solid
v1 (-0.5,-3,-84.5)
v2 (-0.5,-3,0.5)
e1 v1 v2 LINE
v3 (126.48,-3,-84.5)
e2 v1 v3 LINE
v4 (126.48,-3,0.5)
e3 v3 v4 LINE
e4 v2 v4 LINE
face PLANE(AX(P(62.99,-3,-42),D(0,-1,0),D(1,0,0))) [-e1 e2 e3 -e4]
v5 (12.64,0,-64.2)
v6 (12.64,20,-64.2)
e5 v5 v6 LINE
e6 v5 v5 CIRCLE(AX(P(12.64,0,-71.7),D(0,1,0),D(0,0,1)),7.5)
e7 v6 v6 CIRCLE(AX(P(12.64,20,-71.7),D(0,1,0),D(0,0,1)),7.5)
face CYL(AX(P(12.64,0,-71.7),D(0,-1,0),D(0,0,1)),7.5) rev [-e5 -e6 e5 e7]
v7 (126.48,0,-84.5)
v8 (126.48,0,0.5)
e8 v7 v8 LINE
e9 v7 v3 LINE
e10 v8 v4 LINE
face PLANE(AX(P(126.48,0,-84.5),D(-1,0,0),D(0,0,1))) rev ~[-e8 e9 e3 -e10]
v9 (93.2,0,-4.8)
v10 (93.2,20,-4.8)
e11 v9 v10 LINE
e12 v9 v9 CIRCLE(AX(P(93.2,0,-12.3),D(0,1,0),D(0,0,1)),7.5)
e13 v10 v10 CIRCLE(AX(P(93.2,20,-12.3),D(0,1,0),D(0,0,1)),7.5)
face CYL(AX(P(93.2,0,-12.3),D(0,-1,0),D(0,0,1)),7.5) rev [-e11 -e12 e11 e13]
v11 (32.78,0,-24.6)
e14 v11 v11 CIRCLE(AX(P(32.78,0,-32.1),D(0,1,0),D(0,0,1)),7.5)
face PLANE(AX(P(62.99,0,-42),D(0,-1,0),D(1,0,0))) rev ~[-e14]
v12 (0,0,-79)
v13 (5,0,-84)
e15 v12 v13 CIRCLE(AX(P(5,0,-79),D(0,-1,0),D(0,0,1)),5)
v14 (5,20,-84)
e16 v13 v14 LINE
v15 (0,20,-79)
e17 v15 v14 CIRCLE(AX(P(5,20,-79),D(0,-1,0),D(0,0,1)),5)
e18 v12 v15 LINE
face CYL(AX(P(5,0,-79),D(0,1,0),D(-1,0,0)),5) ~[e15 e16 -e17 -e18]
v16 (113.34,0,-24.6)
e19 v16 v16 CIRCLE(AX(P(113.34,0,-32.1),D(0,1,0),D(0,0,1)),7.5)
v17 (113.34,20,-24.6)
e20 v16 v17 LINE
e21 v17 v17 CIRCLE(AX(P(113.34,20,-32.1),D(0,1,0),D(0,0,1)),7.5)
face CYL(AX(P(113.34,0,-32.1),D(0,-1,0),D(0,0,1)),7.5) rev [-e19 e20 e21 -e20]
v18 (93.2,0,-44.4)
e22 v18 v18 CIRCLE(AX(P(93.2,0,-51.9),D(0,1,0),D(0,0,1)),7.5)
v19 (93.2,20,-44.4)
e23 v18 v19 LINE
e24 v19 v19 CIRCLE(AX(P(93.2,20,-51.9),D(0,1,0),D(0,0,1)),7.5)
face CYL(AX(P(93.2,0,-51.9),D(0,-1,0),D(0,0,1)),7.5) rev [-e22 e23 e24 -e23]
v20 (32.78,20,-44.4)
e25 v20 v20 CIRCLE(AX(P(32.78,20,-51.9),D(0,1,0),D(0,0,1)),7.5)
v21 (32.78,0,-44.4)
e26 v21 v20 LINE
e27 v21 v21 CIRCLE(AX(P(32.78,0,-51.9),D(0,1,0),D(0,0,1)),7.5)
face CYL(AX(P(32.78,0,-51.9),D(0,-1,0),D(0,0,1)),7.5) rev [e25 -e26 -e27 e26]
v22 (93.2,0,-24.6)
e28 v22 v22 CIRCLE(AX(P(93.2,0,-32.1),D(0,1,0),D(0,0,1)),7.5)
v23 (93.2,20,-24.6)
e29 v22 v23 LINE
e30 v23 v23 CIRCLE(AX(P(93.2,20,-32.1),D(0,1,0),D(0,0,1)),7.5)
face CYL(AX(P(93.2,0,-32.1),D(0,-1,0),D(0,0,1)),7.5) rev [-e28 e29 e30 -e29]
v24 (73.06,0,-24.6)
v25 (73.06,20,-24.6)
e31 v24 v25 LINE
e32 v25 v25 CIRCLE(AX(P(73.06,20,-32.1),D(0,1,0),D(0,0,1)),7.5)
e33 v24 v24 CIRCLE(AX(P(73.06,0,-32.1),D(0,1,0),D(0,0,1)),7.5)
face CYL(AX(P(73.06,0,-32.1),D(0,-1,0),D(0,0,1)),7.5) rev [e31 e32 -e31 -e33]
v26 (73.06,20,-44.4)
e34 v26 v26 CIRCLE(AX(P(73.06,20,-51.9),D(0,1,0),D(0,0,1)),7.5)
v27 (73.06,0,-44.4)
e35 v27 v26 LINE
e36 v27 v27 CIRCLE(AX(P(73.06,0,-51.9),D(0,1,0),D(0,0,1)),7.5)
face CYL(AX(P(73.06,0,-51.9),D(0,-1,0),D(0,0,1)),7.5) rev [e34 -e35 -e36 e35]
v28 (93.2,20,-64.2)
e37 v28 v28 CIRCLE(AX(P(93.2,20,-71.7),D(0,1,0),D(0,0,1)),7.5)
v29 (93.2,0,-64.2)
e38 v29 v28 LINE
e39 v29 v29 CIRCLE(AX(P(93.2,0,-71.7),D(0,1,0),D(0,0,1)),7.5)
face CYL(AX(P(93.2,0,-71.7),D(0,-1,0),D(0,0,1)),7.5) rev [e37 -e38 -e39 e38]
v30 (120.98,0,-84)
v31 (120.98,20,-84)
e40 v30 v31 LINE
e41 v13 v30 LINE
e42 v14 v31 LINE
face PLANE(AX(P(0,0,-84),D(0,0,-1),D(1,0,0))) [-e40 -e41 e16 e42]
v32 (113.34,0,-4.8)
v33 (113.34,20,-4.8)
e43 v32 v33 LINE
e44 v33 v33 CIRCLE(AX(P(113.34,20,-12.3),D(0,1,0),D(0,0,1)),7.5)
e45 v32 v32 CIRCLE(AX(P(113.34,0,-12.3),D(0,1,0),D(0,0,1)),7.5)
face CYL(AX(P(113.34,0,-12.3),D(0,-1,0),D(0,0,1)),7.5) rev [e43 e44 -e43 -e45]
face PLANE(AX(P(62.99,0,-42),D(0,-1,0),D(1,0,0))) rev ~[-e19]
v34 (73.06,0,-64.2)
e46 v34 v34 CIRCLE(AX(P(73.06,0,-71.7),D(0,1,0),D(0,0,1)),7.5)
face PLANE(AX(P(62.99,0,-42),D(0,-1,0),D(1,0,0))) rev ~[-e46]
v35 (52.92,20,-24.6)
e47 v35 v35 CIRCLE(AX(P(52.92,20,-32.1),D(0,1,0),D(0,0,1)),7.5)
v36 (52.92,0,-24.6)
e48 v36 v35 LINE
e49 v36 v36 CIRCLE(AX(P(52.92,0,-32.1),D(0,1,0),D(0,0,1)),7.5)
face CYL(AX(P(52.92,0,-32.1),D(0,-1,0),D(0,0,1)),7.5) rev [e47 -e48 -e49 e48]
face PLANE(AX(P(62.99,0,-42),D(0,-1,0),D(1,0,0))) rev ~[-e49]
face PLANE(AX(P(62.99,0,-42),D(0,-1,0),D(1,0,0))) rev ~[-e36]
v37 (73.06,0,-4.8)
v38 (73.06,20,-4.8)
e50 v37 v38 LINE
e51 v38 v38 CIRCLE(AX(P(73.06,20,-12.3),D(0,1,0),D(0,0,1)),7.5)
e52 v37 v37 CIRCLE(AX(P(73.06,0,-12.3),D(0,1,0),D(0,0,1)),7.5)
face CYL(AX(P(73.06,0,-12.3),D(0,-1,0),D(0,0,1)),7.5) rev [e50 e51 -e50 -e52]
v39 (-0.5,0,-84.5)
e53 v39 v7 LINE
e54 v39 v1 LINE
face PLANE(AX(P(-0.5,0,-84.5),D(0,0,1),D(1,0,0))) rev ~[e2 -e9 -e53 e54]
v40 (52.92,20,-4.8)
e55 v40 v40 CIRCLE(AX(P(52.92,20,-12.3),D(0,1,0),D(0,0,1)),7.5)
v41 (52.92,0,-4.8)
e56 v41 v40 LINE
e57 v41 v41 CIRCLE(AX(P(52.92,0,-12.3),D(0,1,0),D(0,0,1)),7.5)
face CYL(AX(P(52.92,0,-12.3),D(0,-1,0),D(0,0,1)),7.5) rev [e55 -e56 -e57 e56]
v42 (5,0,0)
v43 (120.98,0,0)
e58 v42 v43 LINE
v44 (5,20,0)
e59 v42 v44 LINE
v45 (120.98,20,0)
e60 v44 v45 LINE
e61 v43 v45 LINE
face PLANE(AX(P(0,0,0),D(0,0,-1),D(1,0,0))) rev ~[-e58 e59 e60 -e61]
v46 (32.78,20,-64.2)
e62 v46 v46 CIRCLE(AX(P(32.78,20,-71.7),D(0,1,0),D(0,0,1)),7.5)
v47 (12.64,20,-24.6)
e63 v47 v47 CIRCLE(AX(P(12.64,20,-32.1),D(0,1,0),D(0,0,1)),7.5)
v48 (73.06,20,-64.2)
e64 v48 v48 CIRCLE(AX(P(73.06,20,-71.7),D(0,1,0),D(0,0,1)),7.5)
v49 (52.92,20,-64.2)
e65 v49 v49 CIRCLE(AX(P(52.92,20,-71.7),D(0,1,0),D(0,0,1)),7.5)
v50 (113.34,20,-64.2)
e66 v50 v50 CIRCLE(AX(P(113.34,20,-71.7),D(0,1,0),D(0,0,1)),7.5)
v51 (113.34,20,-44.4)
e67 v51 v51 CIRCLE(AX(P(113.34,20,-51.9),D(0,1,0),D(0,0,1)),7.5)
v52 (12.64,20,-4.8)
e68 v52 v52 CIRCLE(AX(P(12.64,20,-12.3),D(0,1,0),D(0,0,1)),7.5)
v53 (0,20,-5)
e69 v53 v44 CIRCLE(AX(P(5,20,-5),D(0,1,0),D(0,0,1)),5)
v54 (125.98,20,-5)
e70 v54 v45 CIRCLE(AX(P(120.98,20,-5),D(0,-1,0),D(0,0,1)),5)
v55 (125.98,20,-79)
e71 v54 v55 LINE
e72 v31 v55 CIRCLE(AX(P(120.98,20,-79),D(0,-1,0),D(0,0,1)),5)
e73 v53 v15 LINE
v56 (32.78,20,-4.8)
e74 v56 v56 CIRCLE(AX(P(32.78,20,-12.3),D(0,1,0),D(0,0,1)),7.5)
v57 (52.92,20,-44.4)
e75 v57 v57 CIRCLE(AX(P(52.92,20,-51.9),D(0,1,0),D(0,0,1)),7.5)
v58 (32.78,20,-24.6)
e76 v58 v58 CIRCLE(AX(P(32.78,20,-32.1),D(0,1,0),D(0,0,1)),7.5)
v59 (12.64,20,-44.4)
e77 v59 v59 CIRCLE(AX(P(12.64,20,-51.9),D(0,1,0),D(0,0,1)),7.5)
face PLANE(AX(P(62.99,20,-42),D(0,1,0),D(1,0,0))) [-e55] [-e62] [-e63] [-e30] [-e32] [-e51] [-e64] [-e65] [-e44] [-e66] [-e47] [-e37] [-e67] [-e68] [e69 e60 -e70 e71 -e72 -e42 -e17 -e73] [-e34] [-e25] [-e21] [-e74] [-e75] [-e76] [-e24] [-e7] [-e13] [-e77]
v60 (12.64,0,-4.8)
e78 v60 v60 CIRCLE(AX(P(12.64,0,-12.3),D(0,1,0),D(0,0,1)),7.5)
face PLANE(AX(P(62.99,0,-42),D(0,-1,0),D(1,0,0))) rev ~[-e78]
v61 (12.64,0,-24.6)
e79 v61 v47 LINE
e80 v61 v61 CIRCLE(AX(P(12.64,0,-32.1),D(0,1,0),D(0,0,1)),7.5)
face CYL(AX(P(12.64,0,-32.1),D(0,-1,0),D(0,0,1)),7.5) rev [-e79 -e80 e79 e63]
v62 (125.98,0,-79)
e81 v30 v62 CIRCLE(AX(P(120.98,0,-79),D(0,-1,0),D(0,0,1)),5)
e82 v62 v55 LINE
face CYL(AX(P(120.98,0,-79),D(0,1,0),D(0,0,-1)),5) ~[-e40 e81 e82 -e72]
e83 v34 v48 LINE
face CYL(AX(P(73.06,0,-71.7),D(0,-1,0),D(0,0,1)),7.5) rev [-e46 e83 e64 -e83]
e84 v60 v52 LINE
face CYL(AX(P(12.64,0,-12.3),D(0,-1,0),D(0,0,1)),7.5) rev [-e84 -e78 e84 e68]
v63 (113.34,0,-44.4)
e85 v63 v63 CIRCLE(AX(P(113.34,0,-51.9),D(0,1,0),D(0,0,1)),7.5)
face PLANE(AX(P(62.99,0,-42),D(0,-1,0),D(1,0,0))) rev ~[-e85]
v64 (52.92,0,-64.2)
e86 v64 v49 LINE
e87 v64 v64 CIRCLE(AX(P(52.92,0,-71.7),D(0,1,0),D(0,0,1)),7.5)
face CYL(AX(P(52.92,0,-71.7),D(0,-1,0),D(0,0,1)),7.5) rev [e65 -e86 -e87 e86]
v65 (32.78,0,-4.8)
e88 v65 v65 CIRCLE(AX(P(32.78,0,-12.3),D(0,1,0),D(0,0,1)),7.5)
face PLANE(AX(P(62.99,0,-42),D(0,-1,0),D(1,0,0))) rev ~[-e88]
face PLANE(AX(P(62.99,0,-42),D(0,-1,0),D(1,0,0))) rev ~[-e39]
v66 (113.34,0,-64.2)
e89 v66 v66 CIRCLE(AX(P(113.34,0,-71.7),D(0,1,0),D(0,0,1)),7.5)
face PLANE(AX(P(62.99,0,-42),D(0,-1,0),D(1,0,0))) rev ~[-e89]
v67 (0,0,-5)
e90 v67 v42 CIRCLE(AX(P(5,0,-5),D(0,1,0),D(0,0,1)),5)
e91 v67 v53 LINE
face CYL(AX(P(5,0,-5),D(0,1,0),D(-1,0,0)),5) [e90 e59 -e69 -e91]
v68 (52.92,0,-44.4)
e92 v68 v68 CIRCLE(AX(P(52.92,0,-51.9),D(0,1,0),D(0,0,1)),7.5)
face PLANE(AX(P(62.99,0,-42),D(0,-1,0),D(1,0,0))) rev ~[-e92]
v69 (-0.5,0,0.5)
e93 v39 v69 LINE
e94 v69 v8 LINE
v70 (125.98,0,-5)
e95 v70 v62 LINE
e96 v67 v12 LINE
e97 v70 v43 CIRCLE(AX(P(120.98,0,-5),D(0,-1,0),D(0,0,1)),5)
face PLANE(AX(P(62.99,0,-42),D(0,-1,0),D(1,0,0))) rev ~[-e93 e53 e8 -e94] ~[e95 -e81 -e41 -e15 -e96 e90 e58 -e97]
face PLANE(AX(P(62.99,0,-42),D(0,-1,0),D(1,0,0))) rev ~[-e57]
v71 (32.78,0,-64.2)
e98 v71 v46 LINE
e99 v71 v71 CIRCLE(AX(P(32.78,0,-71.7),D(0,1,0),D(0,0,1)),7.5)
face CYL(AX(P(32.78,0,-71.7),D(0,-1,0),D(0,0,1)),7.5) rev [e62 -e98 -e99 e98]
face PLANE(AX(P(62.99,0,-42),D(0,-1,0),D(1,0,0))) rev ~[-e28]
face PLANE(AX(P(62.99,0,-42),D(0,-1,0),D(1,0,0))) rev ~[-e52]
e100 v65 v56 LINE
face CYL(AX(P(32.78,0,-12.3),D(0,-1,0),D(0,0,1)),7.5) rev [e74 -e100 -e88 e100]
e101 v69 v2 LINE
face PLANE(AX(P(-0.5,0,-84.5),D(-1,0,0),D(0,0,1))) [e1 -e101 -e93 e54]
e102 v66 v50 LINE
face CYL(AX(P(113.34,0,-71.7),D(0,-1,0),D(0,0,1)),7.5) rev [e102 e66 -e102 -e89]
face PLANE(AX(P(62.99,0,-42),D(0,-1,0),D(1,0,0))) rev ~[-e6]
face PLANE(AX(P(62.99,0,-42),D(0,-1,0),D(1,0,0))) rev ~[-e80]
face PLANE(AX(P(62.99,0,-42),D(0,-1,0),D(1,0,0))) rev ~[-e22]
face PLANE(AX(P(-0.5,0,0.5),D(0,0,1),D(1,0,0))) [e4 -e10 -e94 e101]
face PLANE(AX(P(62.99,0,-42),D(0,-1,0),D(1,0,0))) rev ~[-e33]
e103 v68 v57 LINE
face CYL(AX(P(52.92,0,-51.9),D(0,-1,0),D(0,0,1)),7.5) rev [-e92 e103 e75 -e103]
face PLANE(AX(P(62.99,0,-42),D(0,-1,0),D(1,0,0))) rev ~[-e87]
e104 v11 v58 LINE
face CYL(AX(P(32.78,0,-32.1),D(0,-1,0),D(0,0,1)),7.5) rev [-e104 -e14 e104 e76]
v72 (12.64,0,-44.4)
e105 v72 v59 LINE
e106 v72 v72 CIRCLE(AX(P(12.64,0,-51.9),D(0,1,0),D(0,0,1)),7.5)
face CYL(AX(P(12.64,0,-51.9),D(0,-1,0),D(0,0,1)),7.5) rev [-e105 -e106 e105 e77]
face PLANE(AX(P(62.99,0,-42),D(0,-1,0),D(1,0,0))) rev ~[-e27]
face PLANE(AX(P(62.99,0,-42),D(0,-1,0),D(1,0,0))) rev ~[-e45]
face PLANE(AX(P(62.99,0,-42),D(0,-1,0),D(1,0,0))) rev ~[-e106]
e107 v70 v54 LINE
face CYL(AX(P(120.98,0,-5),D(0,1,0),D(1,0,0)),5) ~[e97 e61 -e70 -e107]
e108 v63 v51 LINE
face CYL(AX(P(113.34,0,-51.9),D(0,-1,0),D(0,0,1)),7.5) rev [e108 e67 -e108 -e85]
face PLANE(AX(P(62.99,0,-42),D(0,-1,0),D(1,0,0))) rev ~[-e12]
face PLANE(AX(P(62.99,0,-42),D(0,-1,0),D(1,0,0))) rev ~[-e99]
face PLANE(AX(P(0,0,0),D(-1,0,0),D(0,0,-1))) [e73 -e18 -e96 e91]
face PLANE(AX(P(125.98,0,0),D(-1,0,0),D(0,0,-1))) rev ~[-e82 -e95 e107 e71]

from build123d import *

# Parameters (mm, degrees)
SKETCH1_W           = 125.98
SKETCH1_H           = 84
SKETCH1_R           = 7.5
BOSS_EXTRUDE1_DEPTH = 20
SKETCH2_W           = 126.98
SKETCH2_H           = 85
BOSS_EXTRUDE3_DEPTH = 3
FILLET2_R           = 5


with BuildPart() as part:
    # Sketch1 → Boss-Extrude1 (new body)
    with BuildSketch(Plane(origin=(0, 0, 0), x_dir=(1, 0, 0), z_dir=(0, 1, 0))):
        with Locations((62.99, 42)):
            Rectangle(SKETCH1_W, SKETCH1_H)
        with Locations(Location((12.64, 12.3, 0), (0, 0, 270))):
            Circle(SKETCH1_R, mode=Mode.SUBTRACT)
        with Locations(Location((32.78, 12.3, 0), (0, 0, 270))):
            Circle(SKETCH1_R, mode=Mode.SUBTRACT)
        with Locations(Location((52.92, 12.3, 0), (0, 0, 270))):
            Circle(SKETCH1_R, mode=Mode.SUBTRACT)
        with Locations(Location((73.06, 12.3, 0), (0, 0, 270))):
            Circle(SKETCH1_R, mode=Mode.SUBTRACT)
        with Locations(Location((93.2, 12.3, 0), (0, 0, 270))):
            Circle(SKETCH1_R, mode=Mode.SUBTRACT)
        with Locations(Location((113.34, 12.3, 0), (0, 0, 270))):
            Circle(SKETCH1_R, mode=Mode.SUBTRACT)
        with Locations(Location((32.78, 32.1, 0), (0, 0, 270))):
            Circle(SKETCH1_R, mode=Mode.SUBTRACT)
        with Locations(Location((52.92, 32.1, 0), (0, 0, 270))):
            Circle(SKETCH1_R, mode=Mode.SUBTRACT)
        with Locations(Location((73.06, 32.1, 0), (0, 0, 270))):
            Circle(SKETCH1_R, mode=Mode.SUBTRACT)
        with Locations(Location((93.2, 32.1, 0), (0, 0, 270))):
            Circle(SKETCH1_R, mode=Mode.SUBTRACT)
        with Locations(Location((113.34, 32.1, 0), (0, 0, 270))):
            Circle(SKETCH1_R, mode=Mode.SUBTRACT)
        with Locations(Location((32.78, 51.9, 0), (0, 0, 270))):
            Circle(SKETCH1_R, mode=Mode.SUBTRACT)
        with Locations(Location((52.92, 51.9, 0), (0, 0, 270))):
            Circle(SKETCH1_R, mode=Mode.SUBTRACT)
        with Locations(Location((73.06, 51.9, 0), (0, 0, 270))):
            Circle(SKETCH1_R, mode=Mode.SUBTRACT)
        with Locations(Location((93.2, 51.9, 0), (0, 0, 270))):
            Circle(SKETCH1_R, mode=Mode.SUBTRACT)
        with Locations(Location((113.34, 51.9, 0), (0, 0, 270))):
            Circle(SKETCH1_R, mode=Mode.SUBTRACT)
        with Locations(Location((32.78, 71.7, 0), (0, 0, 270))):
            Circle(SKETCH1_R, mode=Mode.SUBTRACT)
        with Locations(Location((52.92, 71.7, 0), (0, 0, 270))):
            Circle(SKETCH1_R, mode=Mode.SUBTRACT)
        with Locations(Location((73.06, 71.7, 0), (0, 0, 270))):
            Circle(SKETCH1_R, mode=Mode.SUBTRACT)
        with Locations(Location((93.2, 71.7, 0), (0, 0, 270))):
            Circle(SKETCH1_R, mode=Mode.SUBTRACT)
        with Locations(Location((113.34, 71.7, 0), (0, 0, 270))):
            Circle(SKETCH1_R, mode=Mode.SUBTRACT)
        with Locations(Location((12.64, 32.1, 0), (0, 0, 270))):
            Circle(SKETCH1_R, mode=Mode.SUBTRACT)
        with Locations(Location((12.64, 51.9, 0), (0, 0, 270))):
            Circle(SKETCH1_R, mode=Mode.SUBTRACT)
        with Locations(Location((12.64, 71.7, 0), (0, 0, 270))):
            Circle(SKETCH1_R, mode=Mode.SUBTRACT)
    extrude(amount=BOSS_EXTRUDE1_DEPTH)

    # Sketch2 → Boss-Extrude3 (add)
    with BuildSketch(Plane.XZ):
        with Locations((62.99, -42)):
            Rectangle(SKETCH2_W, SKETCH2_H)
    extrude(amount=BOSS_EXTRUDE3_DEPTH)

    # Fillet2
    fillet2_edges = [part.edges().sort_by_distance(p)[0] for p in [
        (0, 10, -84),
        (125.98, 10, -84),
        (125.98, 10, 0),
        (0, 10, 0),
    ]]
    fillet(fillet2_edges, radius=FILLET2_R)


solid = part.part
